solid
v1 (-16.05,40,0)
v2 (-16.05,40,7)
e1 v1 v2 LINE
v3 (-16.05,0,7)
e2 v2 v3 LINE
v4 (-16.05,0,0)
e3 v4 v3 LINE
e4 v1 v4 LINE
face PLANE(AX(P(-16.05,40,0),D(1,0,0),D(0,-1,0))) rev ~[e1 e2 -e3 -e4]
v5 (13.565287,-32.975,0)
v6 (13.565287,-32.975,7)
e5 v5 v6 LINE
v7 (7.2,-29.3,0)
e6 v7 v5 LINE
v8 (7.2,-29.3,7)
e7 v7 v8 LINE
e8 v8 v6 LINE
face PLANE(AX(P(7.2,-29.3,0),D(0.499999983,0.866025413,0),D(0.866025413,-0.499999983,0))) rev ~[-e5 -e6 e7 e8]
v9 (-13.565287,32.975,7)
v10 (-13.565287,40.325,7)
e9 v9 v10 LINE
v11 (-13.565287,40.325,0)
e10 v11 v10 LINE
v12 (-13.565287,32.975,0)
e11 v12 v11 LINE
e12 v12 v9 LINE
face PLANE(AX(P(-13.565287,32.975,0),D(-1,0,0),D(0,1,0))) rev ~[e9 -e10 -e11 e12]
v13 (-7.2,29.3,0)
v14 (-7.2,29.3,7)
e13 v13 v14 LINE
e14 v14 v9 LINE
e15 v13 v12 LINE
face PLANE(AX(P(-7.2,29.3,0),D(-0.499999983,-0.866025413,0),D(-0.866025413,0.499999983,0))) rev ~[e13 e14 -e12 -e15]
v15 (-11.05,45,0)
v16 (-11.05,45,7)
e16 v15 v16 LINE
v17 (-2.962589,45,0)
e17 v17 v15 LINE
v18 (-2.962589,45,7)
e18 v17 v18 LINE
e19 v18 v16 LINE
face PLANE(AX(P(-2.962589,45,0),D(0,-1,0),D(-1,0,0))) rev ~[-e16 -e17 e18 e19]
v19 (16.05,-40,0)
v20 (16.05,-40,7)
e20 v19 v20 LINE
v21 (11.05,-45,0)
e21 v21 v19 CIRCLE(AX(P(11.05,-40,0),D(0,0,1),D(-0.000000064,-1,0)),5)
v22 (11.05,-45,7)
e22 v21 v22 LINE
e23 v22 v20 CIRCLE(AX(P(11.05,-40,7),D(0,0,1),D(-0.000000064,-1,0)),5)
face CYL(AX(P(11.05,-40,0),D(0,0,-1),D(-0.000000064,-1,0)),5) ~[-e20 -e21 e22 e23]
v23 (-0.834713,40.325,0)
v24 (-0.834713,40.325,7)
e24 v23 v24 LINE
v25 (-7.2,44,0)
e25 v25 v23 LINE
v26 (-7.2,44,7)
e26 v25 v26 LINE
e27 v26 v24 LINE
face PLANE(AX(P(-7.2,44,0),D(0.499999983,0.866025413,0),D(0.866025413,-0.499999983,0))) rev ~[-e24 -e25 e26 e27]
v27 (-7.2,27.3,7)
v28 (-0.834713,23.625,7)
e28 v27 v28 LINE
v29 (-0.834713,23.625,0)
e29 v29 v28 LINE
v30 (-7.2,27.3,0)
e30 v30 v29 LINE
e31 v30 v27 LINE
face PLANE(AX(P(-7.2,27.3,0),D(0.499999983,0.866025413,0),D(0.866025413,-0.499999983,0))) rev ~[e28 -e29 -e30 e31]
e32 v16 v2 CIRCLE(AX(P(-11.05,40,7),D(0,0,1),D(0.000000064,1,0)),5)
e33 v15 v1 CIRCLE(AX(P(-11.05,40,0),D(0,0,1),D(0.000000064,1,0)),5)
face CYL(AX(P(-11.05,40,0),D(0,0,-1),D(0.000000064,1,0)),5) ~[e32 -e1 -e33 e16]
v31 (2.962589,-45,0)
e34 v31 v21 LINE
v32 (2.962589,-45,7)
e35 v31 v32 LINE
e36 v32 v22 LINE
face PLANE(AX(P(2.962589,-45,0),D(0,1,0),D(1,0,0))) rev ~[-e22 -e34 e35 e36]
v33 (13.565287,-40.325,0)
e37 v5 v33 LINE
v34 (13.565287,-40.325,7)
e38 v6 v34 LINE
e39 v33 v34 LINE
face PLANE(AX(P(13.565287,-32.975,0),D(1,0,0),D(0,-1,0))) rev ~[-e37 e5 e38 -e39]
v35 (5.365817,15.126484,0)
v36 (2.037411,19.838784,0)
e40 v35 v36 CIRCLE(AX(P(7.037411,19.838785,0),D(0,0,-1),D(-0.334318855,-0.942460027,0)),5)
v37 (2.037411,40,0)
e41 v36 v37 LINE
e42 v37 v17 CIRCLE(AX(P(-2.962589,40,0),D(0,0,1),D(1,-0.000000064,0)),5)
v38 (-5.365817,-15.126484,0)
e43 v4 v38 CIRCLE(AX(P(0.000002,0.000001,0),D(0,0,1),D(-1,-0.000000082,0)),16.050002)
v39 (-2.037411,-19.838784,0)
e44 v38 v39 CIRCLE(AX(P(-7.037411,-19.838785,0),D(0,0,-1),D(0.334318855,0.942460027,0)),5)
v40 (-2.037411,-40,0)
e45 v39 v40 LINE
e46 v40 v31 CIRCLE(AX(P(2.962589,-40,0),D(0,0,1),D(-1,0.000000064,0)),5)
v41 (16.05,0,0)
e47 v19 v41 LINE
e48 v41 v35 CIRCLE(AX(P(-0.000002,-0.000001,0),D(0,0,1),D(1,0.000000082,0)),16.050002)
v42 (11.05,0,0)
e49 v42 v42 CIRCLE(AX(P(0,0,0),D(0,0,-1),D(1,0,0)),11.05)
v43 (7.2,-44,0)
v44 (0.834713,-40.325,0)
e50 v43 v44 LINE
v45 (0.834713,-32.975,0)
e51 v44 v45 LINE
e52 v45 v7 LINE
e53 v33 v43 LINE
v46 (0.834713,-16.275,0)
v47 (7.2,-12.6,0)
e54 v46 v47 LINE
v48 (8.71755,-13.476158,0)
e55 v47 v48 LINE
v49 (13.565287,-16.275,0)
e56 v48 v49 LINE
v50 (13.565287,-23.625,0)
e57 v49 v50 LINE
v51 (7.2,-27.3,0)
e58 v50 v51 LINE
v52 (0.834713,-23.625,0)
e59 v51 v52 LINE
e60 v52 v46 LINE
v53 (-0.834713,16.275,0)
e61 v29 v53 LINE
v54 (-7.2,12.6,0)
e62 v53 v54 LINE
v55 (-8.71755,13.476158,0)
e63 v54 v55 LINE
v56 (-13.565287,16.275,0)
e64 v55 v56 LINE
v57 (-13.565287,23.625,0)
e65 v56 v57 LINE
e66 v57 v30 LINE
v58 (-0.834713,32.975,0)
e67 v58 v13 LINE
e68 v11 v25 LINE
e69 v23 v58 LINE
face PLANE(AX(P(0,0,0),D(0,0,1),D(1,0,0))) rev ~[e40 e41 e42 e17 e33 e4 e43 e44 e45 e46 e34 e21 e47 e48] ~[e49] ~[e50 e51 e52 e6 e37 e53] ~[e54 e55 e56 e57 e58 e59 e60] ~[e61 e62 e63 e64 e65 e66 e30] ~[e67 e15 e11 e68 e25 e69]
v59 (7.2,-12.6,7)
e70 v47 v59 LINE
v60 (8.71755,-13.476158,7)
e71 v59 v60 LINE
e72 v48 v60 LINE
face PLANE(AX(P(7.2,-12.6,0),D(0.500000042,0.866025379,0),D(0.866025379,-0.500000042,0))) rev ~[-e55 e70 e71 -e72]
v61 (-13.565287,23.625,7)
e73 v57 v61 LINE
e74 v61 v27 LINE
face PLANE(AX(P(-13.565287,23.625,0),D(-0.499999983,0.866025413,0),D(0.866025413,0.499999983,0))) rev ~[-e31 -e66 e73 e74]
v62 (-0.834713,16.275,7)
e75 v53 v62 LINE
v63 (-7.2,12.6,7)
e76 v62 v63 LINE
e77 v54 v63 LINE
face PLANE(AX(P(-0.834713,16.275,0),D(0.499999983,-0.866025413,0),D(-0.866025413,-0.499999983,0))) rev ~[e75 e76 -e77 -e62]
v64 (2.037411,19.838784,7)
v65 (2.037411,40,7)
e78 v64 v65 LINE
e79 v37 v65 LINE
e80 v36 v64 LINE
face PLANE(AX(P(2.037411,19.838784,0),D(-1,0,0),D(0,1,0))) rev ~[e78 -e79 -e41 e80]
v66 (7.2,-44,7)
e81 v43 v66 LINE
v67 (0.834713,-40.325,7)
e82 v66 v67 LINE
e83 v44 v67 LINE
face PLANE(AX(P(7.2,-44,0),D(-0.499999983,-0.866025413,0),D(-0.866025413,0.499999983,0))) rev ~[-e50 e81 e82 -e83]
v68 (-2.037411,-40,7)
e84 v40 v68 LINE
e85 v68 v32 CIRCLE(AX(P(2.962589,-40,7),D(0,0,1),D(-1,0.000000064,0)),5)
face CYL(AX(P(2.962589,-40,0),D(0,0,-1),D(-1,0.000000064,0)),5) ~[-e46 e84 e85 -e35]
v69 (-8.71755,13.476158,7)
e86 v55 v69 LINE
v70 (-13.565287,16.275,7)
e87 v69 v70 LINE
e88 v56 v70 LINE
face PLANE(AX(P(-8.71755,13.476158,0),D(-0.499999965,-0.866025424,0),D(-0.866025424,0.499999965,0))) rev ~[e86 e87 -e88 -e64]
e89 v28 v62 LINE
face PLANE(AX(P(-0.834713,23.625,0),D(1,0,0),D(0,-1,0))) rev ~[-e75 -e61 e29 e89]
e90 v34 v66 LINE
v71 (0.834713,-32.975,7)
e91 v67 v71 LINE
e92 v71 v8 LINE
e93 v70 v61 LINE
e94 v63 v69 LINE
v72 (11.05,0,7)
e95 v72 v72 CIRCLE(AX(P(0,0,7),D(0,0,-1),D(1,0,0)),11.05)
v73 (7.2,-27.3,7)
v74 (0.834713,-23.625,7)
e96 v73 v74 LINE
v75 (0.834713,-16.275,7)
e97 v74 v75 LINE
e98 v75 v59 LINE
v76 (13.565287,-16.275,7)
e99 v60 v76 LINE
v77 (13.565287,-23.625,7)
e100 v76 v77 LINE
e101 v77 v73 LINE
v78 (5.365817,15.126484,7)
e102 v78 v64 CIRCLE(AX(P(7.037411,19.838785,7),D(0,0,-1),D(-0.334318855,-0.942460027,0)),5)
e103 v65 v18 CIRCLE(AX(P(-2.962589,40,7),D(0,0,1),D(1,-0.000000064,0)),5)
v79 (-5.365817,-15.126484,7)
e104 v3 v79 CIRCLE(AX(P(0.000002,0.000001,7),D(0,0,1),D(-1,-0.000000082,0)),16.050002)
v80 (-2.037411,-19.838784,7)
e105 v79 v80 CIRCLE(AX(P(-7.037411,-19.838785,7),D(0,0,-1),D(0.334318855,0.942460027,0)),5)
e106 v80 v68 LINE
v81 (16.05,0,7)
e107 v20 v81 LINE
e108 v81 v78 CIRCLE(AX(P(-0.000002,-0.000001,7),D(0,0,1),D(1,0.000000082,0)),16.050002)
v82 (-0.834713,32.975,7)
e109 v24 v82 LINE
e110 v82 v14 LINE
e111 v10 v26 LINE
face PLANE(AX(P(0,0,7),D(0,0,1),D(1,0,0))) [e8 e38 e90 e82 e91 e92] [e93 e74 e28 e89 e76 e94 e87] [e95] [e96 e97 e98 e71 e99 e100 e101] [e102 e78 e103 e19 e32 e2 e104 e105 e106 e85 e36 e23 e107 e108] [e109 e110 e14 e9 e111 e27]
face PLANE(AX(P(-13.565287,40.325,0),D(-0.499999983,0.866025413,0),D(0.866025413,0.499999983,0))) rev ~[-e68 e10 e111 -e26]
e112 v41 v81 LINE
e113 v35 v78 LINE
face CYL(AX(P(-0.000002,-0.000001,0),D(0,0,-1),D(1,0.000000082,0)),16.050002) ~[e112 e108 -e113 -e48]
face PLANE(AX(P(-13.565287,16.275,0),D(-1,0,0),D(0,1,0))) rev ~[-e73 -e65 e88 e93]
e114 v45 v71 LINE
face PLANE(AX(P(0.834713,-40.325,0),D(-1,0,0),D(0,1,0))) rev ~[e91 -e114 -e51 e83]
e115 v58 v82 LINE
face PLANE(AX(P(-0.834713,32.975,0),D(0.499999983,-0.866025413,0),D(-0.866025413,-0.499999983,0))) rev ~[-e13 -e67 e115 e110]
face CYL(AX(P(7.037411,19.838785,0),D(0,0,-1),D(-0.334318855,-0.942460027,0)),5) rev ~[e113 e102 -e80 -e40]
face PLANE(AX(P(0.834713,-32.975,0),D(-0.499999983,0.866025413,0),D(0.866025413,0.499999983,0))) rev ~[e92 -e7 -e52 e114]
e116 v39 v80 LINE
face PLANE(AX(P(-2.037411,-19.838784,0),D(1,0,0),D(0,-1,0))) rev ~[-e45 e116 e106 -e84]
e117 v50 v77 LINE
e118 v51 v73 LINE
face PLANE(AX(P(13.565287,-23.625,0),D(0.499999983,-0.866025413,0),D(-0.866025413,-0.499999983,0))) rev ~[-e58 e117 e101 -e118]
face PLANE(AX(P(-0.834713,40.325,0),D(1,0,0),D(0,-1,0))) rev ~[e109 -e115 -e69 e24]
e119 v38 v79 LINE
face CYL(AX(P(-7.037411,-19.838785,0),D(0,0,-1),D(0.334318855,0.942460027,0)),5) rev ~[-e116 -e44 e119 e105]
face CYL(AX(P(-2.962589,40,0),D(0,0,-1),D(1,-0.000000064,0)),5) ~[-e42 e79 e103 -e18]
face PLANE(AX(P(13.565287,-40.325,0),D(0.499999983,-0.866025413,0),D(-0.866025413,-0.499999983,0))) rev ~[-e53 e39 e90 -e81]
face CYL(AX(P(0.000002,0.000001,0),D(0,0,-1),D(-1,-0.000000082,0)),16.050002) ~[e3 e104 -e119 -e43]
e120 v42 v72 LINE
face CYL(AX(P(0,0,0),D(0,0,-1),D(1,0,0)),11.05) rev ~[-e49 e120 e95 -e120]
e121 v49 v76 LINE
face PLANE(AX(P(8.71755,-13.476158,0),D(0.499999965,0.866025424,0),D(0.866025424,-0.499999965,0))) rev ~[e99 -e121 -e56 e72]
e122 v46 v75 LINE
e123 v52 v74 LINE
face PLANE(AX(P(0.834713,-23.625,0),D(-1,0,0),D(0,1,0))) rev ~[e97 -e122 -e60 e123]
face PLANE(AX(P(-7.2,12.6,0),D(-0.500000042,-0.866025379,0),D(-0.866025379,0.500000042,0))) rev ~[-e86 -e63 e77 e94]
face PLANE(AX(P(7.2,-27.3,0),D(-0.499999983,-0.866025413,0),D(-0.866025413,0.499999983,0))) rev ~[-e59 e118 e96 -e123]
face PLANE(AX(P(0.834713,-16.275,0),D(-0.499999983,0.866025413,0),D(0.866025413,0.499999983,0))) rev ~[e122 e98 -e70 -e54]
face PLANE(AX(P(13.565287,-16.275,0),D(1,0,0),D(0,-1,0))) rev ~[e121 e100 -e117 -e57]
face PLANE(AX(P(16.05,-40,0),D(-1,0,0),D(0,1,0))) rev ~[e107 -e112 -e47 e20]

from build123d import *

# Parameters (mm, degrees)
F1_DEPTH = 7


with BuildPart() as f1:
    # F0 (on Top) → F1 (new body)
    with BuildSketch(Plane.XY):
        with BuildLine():
            Line((-16.05, 40), (-16.05, 0))
            ThreePointArc((-16.05, 0), (-13.109612, -9.25962), (-5.365817, -15.126484))
            ThreePointArc((-5.365817, -15.126484), (-2.95342, -16.954167), (-2.037411, -19.838784))
            Line((-2.037411, -19.838784), (-2.037411, -40))
            ThreePointArc((-2.037411, -40), (-0.572945, -43.535534), (2.962589, -45))
            Line((2.962589, -45), (11.05, -45))
            ThreePointArc((11.05, -45), (14.585534, -43.535534), (16.05, -40))
            Line((16.05, -40), (16.05, 0))
            ThreePointArc((16.05, 0), (13.109612, 9.25962), (5.365817, 15.126484))
            ThreePointArc((5.365817, 15.126484), (2.95342, 16.954167), (2.037411, 19.838784))
            Line((2.037411, 19.838784), (2.037411, 40))
            ThreePointArc((2.037411, 40), (0.572945, 43.535534), (-2.962589, 45))
            Line((-2.962589, 45), (-11.05, 45))
            ThreePointArc((-11.05, 45), (-14.585534, 43.535534), (-16.05, 40))
        make_face()
        Polygon((13.565287, -40.325), (7.2, -44), (0.834713, -40.325), (0.834713, -32.975), (7.2, -29.3), (13.565287, -32.975), align=None, mode=Mode.SUBTRACT)
        Polygon((13.565287, -23.625), (7.2, -27.3), (0.834713, -23.625), (0.834713, -16.275), (7.2, -12.6), (8.71755, -13.476158), (13.565287, -16.275), align=None, mode=Mode.SUBTRACT)
        Polygon((-13.565287, 23.625), (-7.2, 27.3), (-0.834713, 23.625), (-0.834713, 16.275), (-7.2, 12.6), (-8.71755, 13.476158), (-13.565287, 16.275), align=None, mode=Mode.SUBTRACT)
        Polygon((-13.565287, 40.325), (-7.2, 44), (-0.834713, 40.325), (-0.834713, 32.975), (-7.2, 29.3), (-13.565287, 32.975), align=None, mode=Mode.SUBTRACT)
        with BuildLine():
            ThreePointArc((-11.05, 0), (0, 11.05), (11.05, 0))
            ThreePointArc((11.05, 0), (0, -11.05), (-11.05, 0))
        make_face(mode=Mode.SUBTRACT)
    extrude(amount=F1_DEPTH)


solid = f1.part
